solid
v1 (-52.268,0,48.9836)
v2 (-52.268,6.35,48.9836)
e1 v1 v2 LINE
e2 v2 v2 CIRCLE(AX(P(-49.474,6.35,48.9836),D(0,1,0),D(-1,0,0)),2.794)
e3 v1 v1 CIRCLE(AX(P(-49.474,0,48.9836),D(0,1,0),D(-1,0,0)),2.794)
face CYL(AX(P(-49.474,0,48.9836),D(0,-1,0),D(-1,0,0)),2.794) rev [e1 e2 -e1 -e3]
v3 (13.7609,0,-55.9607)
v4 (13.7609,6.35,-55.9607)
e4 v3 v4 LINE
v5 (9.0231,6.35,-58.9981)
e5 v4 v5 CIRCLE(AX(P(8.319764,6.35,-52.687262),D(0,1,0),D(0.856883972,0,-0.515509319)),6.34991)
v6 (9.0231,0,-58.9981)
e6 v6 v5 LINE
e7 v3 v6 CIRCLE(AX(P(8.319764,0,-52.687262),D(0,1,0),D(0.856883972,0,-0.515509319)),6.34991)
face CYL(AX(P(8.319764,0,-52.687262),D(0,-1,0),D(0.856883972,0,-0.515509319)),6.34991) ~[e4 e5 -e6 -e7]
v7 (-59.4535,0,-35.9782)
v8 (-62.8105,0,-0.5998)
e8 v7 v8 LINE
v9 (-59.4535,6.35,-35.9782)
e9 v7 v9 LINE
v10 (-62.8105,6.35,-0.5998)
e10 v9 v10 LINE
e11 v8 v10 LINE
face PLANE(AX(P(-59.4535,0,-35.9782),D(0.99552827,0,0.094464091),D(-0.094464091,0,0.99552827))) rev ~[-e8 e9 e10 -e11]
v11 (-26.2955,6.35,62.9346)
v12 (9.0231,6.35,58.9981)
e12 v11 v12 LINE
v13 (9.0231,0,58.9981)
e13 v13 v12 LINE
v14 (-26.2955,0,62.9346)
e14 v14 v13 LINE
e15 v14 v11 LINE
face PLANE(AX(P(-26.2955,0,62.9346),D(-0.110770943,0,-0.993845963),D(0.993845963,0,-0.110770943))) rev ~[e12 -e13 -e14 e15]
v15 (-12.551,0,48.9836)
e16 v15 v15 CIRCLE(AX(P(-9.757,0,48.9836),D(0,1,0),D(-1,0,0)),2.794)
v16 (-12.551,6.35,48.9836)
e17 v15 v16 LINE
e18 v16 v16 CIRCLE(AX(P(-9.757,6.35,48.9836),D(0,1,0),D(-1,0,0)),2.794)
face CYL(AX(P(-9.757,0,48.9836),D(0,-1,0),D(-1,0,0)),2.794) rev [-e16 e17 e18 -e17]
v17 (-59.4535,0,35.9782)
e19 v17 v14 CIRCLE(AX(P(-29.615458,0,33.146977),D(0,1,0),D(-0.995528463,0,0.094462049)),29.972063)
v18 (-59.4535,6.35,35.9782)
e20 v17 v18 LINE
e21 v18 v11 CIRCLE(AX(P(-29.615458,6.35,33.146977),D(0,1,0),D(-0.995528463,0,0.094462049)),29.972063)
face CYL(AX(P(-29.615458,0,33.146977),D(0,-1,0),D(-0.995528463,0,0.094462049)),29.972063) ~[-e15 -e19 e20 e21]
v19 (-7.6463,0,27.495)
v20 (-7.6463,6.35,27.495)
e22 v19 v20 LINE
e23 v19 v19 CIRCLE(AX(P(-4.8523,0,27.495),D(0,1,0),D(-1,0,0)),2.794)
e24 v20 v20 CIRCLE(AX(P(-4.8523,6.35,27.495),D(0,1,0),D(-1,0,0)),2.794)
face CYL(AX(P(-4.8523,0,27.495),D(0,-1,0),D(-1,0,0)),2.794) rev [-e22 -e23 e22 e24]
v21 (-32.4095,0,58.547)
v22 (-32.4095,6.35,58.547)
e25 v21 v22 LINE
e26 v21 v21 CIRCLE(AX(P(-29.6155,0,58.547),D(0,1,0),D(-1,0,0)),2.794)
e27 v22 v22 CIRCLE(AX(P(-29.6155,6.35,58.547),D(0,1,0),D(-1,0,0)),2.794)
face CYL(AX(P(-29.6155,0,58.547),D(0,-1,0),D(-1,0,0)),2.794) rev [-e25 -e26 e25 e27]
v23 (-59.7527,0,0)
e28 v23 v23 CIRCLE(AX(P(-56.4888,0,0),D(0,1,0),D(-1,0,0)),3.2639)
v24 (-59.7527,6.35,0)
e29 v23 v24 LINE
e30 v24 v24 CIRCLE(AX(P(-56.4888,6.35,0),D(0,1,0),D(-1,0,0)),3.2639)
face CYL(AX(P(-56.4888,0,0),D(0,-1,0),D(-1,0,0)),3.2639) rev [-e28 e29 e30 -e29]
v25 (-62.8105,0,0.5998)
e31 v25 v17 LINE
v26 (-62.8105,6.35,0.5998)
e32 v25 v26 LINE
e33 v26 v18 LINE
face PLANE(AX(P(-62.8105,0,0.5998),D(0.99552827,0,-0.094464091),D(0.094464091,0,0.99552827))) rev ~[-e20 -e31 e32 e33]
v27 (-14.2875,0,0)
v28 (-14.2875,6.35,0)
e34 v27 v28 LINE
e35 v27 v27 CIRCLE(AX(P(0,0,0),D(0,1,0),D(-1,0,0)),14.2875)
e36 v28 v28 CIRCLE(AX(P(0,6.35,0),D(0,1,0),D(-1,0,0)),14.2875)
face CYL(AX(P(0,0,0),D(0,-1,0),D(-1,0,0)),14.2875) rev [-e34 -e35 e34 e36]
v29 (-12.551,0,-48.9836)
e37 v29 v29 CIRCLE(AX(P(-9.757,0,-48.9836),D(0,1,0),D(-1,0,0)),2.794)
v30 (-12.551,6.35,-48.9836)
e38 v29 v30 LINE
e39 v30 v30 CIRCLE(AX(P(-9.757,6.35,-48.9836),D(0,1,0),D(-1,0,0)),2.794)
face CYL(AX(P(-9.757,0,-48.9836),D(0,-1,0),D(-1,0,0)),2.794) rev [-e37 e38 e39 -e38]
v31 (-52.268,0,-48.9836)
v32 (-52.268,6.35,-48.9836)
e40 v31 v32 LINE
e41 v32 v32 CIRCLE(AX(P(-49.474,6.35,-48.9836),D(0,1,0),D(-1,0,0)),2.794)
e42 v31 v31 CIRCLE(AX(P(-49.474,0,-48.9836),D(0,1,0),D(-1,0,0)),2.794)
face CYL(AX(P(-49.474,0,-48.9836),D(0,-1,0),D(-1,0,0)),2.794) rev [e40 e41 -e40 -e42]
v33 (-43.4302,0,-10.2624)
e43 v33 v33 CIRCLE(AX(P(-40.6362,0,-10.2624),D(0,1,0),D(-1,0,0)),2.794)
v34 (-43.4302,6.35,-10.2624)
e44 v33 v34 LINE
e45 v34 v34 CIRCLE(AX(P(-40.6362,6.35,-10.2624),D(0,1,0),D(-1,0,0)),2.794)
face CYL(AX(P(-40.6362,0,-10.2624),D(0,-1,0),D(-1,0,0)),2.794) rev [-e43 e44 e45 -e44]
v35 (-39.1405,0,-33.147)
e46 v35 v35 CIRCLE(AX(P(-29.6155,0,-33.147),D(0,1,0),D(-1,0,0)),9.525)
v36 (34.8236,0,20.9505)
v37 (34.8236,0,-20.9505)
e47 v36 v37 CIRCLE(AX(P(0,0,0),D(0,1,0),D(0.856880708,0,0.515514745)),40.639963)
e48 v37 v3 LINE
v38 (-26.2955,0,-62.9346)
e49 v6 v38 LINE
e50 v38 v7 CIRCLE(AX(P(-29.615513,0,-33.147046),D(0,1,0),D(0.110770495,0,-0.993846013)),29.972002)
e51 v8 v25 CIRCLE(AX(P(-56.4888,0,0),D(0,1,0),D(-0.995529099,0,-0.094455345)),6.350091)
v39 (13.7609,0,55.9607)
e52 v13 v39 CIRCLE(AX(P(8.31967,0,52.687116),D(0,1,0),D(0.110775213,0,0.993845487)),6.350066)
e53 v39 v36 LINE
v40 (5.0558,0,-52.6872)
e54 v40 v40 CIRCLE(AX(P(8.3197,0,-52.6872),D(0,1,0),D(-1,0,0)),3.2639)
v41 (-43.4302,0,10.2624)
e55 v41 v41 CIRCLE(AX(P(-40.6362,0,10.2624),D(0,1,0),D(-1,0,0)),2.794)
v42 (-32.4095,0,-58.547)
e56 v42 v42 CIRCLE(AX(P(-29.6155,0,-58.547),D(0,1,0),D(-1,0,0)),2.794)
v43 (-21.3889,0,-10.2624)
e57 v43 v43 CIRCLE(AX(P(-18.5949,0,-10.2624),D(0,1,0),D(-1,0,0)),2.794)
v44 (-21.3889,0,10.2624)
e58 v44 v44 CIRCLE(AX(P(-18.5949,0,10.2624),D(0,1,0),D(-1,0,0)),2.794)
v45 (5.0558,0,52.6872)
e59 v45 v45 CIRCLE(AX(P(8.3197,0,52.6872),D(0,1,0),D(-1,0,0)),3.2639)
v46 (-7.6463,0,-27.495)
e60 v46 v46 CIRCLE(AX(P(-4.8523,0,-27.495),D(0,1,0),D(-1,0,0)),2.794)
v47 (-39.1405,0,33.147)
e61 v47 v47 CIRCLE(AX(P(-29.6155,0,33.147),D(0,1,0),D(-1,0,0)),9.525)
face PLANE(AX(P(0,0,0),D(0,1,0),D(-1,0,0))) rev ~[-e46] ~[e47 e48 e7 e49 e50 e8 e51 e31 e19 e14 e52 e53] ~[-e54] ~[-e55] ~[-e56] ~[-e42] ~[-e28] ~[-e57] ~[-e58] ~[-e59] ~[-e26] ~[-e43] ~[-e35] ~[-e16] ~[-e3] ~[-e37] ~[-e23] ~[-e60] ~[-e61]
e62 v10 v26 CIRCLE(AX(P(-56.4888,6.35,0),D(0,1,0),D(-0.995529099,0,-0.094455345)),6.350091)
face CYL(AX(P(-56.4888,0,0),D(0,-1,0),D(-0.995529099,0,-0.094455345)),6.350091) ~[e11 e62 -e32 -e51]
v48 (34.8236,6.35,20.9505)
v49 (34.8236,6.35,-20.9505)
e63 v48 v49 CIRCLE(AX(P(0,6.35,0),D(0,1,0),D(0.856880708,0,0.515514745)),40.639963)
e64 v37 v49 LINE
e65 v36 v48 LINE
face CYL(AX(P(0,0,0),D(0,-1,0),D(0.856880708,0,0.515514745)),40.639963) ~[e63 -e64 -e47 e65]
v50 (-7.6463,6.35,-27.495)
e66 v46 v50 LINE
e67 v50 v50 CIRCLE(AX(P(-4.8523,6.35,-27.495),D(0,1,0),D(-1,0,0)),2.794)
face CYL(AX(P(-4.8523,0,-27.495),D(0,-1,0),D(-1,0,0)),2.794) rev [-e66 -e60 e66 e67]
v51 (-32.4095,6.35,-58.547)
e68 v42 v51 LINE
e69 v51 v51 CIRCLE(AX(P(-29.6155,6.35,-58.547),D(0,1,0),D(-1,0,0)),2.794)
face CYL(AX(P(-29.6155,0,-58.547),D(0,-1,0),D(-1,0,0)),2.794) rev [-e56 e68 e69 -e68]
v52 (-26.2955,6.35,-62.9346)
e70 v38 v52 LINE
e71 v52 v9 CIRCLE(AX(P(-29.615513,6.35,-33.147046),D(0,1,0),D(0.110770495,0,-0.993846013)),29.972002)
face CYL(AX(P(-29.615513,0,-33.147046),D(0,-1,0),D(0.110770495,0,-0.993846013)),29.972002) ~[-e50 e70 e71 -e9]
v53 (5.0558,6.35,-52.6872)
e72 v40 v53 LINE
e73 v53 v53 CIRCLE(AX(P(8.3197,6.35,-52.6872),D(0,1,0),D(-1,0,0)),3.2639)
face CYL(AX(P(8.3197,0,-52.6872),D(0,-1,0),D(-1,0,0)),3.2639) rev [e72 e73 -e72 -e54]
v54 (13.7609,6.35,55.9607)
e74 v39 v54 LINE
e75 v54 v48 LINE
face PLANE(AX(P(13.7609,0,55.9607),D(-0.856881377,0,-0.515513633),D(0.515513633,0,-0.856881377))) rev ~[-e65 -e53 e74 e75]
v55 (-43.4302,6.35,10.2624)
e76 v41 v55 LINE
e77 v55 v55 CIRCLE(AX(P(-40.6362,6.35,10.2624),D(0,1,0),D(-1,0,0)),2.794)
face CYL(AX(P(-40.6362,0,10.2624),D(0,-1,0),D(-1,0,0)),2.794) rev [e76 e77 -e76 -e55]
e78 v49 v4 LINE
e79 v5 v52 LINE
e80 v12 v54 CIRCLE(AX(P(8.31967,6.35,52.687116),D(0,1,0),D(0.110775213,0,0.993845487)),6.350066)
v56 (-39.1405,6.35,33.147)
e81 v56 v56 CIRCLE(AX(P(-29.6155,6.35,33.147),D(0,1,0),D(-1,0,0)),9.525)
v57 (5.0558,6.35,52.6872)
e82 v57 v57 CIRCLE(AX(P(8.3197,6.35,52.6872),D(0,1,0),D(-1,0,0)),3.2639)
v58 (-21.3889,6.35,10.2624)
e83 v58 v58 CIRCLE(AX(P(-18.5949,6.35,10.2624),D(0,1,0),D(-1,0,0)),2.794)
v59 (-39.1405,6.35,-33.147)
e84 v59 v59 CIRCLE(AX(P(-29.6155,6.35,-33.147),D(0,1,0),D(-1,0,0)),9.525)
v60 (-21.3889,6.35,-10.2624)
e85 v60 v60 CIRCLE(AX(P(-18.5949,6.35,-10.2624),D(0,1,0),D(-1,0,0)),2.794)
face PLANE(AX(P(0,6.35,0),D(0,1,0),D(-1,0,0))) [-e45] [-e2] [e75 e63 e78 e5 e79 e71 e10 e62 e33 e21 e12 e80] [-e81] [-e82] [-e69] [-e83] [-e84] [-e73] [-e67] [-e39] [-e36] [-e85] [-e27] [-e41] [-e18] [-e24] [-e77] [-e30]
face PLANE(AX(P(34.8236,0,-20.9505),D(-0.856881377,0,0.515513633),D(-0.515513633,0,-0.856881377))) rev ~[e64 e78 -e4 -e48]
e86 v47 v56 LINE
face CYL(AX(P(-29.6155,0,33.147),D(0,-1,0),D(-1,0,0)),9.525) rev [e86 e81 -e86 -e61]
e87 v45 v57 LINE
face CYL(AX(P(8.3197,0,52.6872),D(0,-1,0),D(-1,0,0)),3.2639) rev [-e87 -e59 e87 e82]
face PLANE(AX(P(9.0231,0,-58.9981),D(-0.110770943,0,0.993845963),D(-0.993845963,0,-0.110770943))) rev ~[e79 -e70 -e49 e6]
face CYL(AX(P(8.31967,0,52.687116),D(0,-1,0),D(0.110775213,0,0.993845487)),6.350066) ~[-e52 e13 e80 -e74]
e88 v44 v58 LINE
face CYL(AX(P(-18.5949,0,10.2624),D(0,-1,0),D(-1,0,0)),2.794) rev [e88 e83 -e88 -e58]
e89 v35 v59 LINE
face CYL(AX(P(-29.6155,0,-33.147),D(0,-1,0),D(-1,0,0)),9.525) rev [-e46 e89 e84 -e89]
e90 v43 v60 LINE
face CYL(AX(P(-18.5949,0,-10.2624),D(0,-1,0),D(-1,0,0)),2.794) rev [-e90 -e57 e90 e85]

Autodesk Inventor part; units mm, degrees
ref_plane "YZ Plane" through (0, 0, 0) normal (1, 0, 0) x (0, 1, 0)
ref_plane "XZ Plane" through (0, 0, 0) normal (0, 1, 0) x (-1, 0, 0)
ref_plane "XY Plane" through (0, 0, 0) normal (0, 0, 1) x (1, 0, 0)
sketch "Sketch1" plane through (0, 0, 0) normal (0, 1, 0) x (-1, 0, 0)
  circle A0 centre (29.6155, 33.147) radius 6.35 construction
  circle A1 centre (0, 0) radius 38.1 construction
  circle A2 centre (29.6155, -33.147) radius 6.35 construction
  circle A3 centre (29.6155, 33.147) radius 29.972 construction
  circle A4 centre (29.6155, -33.147) radius 29.972 construction
  line L0 (29.6155, 3.175) -> (29.6155, -3.175) construction
  circle A5 centre (0, 0) radius 40.64 construction
  circle A6 centre (-8.3197, 52.6872) radius 6.35 construction
  circle A7 centre (-8.3197, 52.6872) radius 3.2639
  line L1 (-7.3293, 46.4149) -> (-6.3388, 40.1426) construction
  line L2 (-2.6746, 49.7794) -> (2.9705, 46.8716) construction
  circle A8 centre (-8.3197, -52.6872) radius 6.35 construction
  circle A9 centre (-8.3197, -52.6872) radius 3.2639
  line L3 (-7.3293, -46.4149) -> (-6.3388, -40.1426) construction
  line L4 (2.9705, -46.8716) -> (-2.6746, -49.7794) construction
  circle A10 centre (56.4888, 0) radius 6.35 construction
  circle A11 centre (56.4888, 0) radius 3.2639
  line L5 (48.4908, 9.8652) -> (52.4898, 4.9326) construction
  line L6 (52.4898, -4.9326) -> (48.4908, -9.8652) construction
  circle A12 centre (0, 0) radius 14.2875
  circle A13 centre (29.6155, 33.147) radius 9.525
  circle A14 centre (29.6155, -33.147) radius 9.525
  circle A15 centre (29.6155, 33.147) radius 25.4 construction
  circle A16 centre (29.6155, 58.547) radius 2.794
  circle A17 centre (49.474, 48.9836) radius 2.794
  circle A18 centre (54.3787, 27.495) radius 2.794 construction
  circle A19 centre (40.6362, 10.2624) radius 2.794
  circle A20 centre (18.5949, 10.2624) radius 2.794
  circle A21 centre (4.8523, 27.495) radius 2.794
  circle A22 centre (9.757, 48.9836) radius 2.794
  circle A23 centre (29.6155, -33.147) radius 25.4 construction
  circle A24 centre (29.6155, -58.547) radius 2.794
  circle A25 centre (49.474, -48.9836) radius 2.794
  circle A26 centre (54.3787, -27.495) radius 2.794 construction
  circle A27 centre (40.6362, -10.2624) radius 2.794
  circle A28 centre (18.5949, -10.2624) radius 2.794
  circle A29 centre (4.8523, -27.495) radius 2.794
  circle A30 centre (9.757, -48.9836) radius 2.794
  line L7 (26.2955, 62.9346) -> (-9.0231, 58.9981)
  line L8 (-13.7609, 55.9607) -> (-34.8236, 20.9505)
  line L9 (-34.8236, -20.9505) -> (-13.7609, -55.9607)
  line L10 (-9.0231, -58.9981) -> (26.2955, -62.9346)
  line L11 (59.4535, -35.9782) -> (62.8105, -0.5998)
  line L12 (62.8105, 0.5998) -> (59.4535, 35.9782)
  arc A31 (-9.0231, 58.9981) -> (-13.7609, 55.9607) centre (-8.3197, 52.6872) ccw
  arc A32 (59.4535, 35.9782) -> (26.2955, 62.9346) centre (29.6155, 33.147) ccw
  arc A33 (-34.8236, 20.9505) -> (-34.8236, -20.9505) centre (0, 0) ccw
  arc A34 (-13.7609, -55.9607) -> (-9.0231, -58.9981) centre (-8.3197, -52.6872) ccw
  arc A35 (26.2955, -62.9346) -> (59.4535, -35.9782) centre (29.6155, -33.147) ccw
  arc A36 (62.8105, -0.5998) -> (62.8105, 0.5998) centre (56.4888, 0) ccw
  point P0 (29.6155, 0)
  dimension "d21" = 50.8
  dimension "d27" = 50.8
  dimension "d0" = 12.7
  dimension "d1" = 76.2
  dimension "d2" = 12.7
  dimension "d3" = 59.944
  dimension "d4" = 59.944
  dimension "d5" = 6.35
  dimension "d6" = 2.54
  dimension "d8" = 12.7
  dimension "d9" = 6.5278
  dimension "d11" = 6.35
  dimension "d12" = 12.7
  dimension "d13" = 6.5278
  dimension "d14" = 6.35
  dimension "d15" = 12.7
  dimension "d16" = 6.5278
  dimension "d17" = 6.35
  dimension "d18" = 6.35
  dimension "d19" = 28.575
  dimension "d20" = 19.05
  dimension "d22" = 5.588
  dimension "d25" = 360
  dimension "d30" = 360
extrude "Extrusion1" add sketch "Sketch1" along normal blind 6.35
properties material "Aluminum 6061"
